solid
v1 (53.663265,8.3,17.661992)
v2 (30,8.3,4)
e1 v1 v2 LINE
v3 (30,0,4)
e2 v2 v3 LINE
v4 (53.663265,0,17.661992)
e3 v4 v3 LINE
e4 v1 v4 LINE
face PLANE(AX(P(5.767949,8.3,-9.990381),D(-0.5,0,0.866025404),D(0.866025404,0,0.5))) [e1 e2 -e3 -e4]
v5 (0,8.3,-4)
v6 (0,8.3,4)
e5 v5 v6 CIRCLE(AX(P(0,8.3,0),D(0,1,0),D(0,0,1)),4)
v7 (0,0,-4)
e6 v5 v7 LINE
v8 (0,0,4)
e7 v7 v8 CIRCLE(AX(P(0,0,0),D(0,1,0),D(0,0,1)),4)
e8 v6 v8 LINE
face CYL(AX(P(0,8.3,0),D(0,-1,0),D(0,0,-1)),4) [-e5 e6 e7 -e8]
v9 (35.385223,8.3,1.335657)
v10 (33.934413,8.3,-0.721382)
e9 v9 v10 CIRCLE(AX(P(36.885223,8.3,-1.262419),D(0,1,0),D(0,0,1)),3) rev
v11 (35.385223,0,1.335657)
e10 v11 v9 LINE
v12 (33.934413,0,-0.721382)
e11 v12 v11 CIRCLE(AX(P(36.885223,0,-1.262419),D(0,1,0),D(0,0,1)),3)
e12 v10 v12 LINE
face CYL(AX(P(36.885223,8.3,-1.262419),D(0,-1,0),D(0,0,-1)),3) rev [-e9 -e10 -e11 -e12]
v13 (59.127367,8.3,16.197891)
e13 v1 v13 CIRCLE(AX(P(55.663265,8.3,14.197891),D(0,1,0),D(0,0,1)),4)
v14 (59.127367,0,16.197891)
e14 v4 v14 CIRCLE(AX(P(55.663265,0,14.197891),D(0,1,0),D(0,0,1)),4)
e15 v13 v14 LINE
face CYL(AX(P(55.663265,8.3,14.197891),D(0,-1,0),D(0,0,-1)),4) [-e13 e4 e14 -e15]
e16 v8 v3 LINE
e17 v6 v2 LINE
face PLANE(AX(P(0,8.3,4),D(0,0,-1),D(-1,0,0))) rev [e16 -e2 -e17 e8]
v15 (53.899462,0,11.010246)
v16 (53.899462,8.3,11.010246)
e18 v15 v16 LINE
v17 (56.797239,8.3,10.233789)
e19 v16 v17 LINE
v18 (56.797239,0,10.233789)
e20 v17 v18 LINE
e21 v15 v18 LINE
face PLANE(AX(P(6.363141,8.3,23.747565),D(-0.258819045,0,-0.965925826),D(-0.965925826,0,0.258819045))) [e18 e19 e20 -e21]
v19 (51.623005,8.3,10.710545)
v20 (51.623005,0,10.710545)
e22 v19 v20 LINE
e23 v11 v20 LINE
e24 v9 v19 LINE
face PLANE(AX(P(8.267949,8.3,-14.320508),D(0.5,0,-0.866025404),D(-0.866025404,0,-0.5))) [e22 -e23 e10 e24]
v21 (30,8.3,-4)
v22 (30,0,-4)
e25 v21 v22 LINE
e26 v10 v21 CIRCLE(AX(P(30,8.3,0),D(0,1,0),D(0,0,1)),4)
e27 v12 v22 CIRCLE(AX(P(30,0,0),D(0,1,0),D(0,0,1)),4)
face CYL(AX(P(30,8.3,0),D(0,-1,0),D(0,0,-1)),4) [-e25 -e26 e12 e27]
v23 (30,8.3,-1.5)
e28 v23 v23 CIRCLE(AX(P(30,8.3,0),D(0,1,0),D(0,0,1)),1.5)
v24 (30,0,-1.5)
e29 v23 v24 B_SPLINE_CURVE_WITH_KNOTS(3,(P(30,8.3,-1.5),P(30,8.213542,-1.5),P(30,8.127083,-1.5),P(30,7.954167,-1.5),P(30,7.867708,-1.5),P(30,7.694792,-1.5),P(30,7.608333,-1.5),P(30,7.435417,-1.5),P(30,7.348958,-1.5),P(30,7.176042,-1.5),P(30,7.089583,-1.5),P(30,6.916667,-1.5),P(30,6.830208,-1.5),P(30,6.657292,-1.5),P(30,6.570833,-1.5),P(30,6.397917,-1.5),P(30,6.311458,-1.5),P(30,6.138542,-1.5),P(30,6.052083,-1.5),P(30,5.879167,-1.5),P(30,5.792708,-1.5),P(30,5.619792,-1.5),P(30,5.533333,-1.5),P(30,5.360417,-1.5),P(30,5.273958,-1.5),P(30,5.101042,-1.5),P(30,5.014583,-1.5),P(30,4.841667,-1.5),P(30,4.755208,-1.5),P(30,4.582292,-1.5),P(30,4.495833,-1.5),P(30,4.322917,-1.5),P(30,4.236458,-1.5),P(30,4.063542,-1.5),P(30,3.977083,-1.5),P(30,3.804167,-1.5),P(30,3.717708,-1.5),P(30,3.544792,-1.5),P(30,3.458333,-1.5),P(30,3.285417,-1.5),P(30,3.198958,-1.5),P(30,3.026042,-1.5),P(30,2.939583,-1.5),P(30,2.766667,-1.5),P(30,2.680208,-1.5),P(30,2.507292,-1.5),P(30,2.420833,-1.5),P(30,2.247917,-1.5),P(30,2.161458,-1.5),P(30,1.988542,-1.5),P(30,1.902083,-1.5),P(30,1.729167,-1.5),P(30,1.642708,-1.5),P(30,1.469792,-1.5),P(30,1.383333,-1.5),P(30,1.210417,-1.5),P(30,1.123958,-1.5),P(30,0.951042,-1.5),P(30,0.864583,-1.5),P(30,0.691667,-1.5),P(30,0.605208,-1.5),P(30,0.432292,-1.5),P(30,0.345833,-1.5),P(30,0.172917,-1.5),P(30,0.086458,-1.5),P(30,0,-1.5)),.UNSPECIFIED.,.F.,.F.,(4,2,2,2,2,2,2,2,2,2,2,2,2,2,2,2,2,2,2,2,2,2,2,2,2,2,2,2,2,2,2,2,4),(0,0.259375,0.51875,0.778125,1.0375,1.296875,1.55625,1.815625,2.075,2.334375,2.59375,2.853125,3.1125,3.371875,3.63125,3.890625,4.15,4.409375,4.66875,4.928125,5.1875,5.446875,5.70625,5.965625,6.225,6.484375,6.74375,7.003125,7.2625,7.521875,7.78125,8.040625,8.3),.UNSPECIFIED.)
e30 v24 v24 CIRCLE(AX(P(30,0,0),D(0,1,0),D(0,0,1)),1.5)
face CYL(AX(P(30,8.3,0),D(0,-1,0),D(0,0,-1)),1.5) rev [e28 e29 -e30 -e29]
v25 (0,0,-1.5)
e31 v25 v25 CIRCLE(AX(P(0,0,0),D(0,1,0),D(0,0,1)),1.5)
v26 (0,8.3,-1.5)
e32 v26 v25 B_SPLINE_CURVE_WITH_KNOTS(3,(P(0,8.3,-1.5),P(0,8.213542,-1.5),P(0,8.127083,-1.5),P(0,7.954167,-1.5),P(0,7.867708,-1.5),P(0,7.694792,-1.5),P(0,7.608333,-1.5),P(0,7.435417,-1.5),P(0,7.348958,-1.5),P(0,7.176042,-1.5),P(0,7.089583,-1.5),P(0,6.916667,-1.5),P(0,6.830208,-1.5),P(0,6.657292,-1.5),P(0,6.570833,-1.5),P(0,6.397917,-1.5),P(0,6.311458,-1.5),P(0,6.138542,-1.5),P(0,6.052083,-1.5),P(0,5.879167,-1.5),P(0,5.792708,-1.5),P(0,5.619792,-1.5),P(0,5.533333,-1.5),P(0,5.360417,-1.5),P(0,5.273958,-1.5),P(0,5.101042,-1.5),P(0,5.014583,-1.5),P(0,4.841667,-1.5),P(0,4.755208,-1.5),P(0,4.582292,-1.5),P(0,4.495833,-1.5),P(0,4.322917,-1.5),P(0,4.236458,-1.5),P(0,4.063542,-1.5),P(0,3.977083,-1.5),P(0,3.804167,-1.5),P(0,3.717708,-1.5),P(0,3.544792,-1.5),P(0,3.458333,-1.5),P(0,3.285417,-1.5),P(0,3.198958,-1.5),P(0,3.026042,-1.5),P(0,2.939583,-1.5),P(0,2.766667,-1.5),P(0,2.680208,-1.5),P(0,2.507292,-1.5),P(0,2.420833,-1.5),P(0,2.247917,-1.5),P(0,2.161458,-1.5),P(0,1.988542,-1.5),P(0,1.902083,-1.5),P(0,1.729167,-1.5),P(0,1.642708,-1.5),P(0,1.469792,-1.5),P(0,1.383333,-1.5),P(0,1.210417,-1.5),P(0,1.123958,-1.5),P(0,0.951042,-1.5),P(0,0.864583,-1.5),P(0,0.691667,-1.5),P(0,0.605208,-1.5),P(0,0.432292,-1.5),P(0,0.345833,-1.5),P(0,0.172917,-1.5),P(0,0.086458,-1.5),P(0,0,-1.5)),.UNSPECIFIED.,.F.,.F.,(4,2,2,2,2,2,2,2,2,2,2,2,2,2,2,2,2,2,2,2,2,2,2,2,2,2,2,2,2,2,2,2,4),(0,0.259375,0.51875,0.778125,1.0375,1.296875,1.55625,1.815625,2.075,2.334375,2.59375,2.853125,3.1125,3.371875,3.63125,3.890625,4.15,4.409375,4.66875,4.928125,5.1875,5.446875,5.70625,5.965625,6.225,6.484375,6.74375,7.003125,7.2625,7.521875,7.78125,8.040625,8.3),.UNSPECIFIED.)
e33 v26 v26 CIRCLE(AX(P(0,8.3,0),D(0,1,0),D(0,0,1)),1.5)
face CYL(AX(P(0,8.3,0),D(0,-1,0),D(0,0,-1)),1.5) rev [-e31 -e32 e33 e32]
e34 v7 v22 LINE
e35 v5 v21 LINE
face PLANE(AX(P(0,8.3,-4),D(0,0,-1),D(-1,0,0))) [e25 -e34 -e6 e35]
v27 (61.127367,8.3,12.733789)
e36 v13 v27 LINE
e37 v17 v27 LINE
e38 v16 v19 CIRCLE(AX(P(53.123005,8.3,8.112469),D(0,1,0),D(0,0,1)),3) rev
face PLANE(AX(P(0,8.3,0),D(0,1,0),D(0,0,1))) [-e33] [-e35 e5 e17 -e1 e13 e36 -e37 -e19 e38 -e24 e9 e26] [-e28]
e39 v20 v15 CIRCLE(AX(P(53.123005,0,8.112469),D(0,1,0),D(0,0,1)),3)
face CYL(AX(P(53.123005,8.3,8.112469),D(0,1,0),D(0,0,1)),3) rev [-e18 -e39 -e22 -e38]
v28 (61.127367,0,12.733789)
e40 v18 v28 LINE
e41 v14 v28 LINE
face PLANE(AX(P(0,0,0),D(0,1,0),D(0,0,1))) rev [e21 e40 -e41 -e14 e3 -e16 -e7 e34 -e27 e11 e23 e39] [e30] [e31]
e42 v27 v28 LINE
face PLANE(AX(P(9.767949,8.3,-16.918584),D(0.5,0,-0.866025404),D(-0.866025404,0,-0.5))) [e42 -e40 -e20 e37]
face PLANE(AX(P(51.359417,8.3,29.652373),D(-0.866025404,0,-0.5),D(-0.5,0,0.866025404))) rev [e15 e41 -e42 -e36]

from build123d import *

# Parameters (mm, degrees)
SKETCH1_R           = 1.5
BOSS_EXTRUDE1_DEPTH = 8.3
FILLET1_R           = 3


with BuildPart() as part:
    # Sketch1 → Boss-Extrude1 (new body)
    with BuildSketch(Plane(origin=(0, 0, 0), x_dir=(1, 0, 0), z_dir=(0, 1, 0))):
        with BuildLine():
            Line((0, 4), (30, 4))
            ThreePointArc((30, 4), (33.005515029, 2.639484686), (33.966505447, -0.516560296))
            Line((33.966505447, -0.516560296), (52.699163274, -11.331865335))
            Line((52.699163274, -11.331865335), (56.797239485, -10.233789123))
            Line((56.797239485, -10.233789123), (61.127366504, -12.733789123))
            Line((61.127366504, -12.733789123), (59.127366504, -16.197890739))
            ThreePointArc((59.127366504, -16.197890739), (56.69854107, -18.061594044), (53.663264889, -17.661992354))
            Line((53.663264889, -17.661992354), (30, -4))
            Line((30, -4), (0, -4))
            ThreePointArc((0, -4), (-4, 0), (0, 4))
        make_face()
        with Locations(Location((0, 0, 0), (0, 0, 90))):
            Circle(SKETCH1_R, mode=Mode.SUBTRACT)
        with Locations(Location((30, 0, 0), (0, 0, 90))):
            Circle(SKETCH1_R, mode=Mode.SUBTRACT)
    extrude(amount=BOSS_EXTRUDE1_DEPTH)

    # Fillet1
    fillet1_edges = [part.edges().sort_by_distance(p)[0] for p in [
        (52.699163274, 4.15, 11.331865335),
        (33.966505447, 4.15, 0.516560296),
    ]]
    fillet(fillet1_edges, radius=FILLET1_R)


solid = part.part
